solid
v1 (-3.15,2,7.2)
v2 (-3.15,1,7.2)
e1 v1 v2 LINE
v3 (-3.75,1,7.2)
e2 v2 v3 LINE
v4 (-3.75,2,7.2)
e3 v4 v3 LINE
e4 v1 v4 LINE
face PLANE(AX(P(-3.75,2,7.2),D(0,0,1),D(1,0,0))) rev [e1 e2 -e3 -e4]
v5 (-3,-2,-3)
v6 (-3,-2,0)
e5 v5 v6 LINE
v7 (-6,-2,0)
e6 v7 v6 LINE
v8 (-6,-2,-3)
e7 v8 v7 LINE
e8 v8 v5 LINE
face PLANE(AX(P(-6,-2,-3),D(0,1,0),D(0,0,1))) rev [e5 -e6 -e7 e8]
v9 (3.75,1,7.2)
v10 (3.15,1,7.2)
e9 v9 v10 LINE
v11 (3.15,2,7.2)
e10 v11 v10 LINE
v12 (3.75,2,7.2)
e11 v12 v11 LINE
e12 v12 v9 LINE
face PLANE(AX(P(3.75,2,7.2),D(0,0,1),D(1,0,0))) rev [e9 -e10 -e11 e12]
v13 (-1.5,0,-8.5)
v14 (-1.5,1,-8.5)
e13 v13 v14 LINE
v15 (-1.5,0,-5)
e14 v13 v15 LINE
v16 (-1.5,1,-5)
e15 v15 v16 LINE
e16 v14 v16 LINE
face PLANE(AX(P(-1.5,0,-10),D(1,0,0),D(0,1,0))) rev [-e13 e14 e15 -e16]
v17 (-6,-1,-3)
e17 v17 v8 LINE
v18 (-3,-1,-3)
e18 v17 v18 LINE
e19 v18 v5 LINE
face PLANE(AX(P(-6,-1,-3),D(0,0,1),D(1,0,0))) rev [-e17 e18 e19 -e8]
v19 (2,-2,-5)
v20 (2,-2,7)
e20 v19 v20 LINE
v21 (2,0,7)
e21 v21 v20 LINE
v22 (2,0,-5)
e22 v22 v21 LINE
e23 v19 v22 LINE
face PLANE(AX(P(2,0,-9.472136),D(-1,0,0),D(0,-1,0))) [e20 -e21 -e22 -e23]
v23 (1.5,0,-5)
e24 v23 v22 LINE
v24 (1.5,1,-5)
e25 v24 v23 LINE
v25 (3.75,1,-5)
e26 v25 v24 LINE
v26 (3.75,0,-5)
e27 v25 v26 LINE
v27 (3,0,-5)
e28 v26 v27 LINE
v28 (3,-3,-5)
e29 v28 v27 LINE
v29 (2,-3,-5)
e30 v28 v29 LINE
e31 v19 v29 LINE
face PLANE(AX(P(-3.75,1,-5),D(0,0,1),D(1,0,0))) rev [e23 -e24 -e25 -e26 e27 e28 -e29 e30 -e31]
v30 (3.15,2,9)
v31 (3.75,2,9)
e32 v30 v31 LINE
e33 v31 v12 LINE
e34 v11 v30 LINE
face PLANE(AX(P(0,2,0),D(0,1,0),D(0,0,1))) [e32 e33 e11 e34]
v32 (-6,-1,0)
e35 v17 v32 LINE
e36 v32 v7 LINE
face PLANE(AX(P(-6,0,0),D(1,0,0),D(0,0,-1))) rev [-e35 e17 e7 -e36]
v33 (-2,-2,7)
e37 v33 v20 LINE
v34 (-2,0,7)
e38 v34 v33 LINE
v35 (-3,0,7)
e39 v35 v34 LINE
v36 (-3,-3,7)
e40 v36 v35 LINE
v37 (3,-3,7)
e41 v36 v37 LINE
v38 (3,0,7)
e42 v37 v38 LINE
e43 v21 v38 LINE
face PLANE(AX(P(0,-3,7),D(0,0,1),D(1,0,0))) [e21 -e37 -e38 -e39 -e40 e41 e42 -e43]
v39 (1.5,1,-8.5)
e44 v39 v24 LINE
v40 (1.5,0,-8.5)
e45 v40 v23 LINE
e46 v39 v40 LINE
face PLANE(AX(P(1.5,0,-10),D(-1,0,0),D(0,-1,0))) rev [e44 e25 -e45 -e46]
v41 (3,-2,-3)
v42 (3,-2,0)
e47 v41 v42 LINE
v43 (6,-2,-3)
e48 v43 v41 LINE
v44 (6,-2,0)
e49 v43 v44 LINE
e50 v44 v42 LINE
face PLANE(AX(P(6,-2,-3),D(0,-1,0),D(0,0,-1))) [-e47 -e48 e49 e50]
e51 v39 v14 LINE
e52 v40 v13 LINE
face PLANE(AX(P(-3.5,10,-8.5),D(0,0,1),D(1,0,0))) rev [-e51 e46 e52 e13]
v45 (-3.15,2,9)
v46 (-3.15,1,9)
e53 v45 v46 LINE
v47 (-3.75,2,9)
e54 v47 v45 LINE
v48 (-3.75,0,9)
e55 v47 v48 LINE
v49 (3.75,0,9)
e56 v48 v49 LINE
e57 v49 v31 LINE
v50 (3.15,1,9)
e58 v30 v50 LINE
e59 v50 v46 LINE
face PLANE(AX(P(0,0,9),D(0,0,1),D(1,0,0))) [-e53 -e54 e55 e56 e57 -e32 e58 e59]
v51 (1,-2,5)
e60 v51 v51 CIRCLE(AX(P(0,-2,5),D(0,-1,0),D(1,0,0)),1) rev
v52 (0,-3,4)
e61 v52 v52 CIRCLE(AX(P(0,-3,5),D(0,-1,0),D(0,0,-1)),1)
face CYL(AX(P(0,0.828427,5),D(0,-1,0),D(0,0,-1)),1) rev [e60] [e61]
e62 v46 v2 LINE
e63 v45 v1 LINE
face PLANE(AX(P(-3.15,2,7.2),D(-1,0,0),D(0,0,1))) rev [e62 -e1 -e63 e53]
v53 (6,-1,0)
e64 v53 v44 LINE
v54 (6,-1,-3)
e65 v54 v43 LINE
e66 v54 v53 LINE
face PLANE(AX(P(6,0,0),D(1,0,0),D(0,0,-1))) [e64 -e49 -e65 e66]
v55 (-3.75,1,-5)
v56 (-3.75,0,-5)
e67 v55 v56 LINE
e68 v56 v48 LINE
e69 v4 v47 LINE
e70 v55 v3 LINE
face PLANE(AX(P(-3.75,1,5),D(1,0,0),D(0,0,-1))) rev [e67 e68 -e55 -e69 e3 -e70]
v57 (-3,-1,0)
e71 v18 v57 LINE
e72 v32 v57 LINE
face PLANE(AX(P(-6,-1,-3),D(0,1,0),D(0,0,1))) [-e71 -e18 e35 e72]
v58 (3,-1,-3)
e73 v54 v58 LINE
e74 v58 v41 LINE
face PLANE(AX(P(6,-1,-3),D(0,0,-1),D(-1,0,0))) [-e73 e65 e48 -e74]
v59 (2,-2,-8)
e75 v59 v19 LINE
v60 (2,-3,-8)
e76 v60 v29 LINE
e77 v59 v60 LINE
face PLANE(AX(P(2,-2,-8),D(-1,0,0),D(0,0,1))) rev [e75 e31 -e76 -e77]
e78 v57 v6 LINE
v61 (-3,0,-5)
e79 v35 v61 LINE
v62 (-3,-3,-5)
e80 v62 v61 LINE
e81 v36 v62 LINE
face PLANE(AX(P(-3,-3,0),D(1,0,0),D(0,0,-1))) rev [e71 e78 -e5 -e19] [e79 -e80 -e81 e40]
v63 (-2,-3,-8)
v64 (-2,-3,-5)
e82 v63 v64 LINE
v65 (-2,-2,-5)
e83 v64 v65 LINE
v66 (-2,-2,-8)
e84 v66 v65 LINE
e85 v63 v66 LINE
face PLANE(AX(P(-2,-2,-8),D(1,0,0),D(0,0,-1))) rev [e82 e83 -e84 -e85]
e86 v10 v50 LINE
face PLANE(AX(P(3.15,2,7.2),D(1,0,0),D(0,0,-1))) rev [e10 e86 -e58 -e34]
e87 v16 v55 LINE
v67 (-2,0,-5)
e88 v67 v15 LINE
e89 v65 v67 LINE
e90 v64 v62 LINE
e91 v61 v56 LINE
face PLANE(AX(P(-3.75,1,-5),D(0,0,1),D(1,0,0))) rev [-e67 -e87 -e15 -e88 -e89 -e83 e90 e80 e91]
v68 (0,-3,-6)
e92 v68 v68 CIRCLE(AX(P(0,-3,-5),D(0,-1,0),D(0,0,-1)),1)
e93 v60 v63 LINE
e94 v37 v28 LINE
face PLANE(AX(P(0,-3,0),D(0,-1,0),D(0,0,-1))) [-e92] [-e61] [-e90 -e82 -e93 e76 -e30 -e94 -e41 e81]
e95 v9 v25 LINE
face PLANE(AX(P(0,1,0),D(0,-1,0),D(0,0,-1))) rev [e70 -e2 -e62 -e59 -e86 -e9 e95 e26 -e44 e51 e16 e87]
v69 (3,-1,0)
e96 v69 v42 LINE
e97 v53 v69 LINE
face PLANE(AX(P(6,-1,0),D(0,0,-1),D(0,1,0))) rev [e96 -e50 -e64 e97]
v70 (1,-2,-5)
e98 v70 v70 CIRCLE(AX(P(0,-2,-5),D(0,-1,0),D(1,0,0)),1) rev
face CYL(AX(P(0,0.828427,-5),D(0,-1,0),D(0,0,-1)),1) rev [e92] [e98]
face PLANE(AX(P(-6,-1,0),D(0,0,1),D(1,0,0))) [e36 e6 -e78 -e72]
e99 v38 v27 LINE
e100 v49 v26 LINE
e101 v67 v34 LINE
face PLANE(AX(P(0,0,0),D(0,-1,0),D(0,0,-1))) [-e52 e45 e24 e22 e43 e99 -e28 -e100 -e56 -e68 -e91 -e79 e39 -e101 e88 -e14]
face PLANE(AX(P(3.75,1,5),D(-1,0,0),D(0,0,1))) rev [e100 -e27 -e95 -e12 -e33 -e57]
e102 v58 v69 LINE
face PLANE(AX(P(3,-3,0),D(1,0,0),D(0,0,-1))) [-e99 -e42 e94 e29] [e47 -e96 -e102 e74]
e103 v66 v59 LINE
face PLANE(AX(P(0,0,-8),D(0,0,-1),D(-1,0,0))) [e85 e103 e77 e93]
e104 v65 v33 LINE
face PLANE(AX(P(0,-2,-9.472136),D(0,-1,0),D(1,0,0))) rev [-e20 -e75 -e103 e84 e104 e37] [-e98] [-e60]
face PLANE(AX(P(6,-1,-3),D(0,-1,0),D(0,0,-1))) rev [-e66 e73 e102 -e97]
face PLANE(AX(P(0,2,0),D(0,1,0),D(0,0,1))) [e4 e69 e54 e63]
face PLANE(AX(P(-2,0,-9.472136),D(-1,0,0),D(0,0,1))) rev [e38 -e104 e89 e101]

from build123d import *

# Parameters (mm, degrees)
SKETCH1_W            = 7.5
SKETCH1_H            = 10
BOSS_EXTRUDE1_DEPTH  = 1
SKETCH10_W           = 7.5
SKETCH10_H           = 1
BOSS_EXTRUDE5_DEPTH  = 2
SKETCH56_W           = 7.5
SKETCH56_H           = 1
BOSS_EXTRUDE17_DEPTH = 2
SKETCH57_W           = 3
SKETCH57_H           = 1
BOSS_EXTRUDE18_DEPTH = 5
SKETCH58_W           = 1.5
SKETCH58_H           = 1
BOSS_EXTRUDE19_DEPTH = 2
SKETCH59_W           = 1.5
SKETCH59_H           = 1
BOSS_EXTRUDE20_DEPTH = 2
SKETCH60_W           = 1
SKETCH60_H           = 1.5
BOSS_EXTRUDE23_DEPTH = 1.5
SKETCH61_W           = 1
SKETCH61_H           = 0.75
CUT_EXTRUDE1_DEPTH   = 0.5
SKETCH62_W           = 6
SKETCH62_H           = 12
BOSS_EXTRUDE25_DEPTH = 3
SKETCH64_W           = 4
SKETCH64_H           = 2
CUT_EXTRUDE2_DEPTH   = 12
SKETCH65_W           = 4
SKETCH65_H           = 1
BOSS_EXTRUDE26_DEPTH = 3
SKETCH66_R           = 1
CUT_EXTRUDE3_DEPTH   = 1
SKETCH69_W           = 7
SKETCH69_H           = 1.5
CUT_EXTRUDE8_DEPTH   = 10
SKETCH70_W           = 0.6
SKETCH70_H           = 1.8
BOSS_EXTRUDE27_DEPTH = 1
SKETCH68_W           = 3
SKETCH68_H           = 1
BOSS_EXTRUDE28_DEPTH = 3
SKETCH67_W           = 3
SKETCH67_H           = 1
BOSS_EXTRUDE29_DEPTH = 3


with BuildPart() as part:
    # Sketch1 → Boss-Extrude1 (new body)
    with BuildSketch(Plane(origin=(0, 0, 0), x_dir=(1, 0, 0), z_dir=(0, 1, 0))):
        Rectangle(SKETCH1_W, SKETCH1_H)
    extrude(amount=BOSS_EXTRUDE1_DEPTH)

    # Sketch10 → Boss-Extrude5 (add)
    with BuildSketch(Plane.XY.offset(5)):
        with Locations((0, 0.5)):
            Rectangle(SKETCH10_W, SKETCH10_H)
    extrude(amount=BOSS_EXTRUDE5_DEPTH)

    # Sketch56 → Boss-Extrude17 (add)
    with BuildSketch(Plane.XY.offset(7)):
        with Locations((0, 0.5)):
            Rectangle(SKETCH56_W, SKETCH56_H)
    extrude(amount=BOSS_EXTRUDE17_DEPTH)

    # Sketch57 → Boss-Extrude18 (add)
    with BuildSketch(Plane(origin=(0, 0, -5), x_dir=(-1, 0, 0), z_dir=(0, 0, -1))):
        with Locations((0, 0.5)):
            Rectangle(SKETCH57_W, SKETCH57_H)
    extrude(amount=BOSS_EXTRUDE18_DEPTH)

    # Sketch58 → Boss-Extrude19 (add)
    with BuildSketch(Plane(origin=(1.5, 0, 0), x_dir=(0, 0, -1), z_dir=(1, 0, 0))):
        with Locations((9.25, 0.5)):
            Rectangle(SKETCH58_W, SKETCH58_H)
    extrude(amount=BOSS_EXTRUDE19_DEPTH)

    # Sketch59 → Boss-Extrude20 (add)
    with BuildSketch(Plane.ZY.offset(1.5)):
        with Locations((-9.25, 0.5)):
            Rectangle(SKETCH59_W, SKETCH59_H)
    extrude(amount=BOSS_EXTRUDE20_DEPTH)

    # Sketch60 → Boss-Extrude23 (add)
    with BuildSketch(Plane(origin=(0, 1, 0), x_dir=(1, 0, 0), z_dir=(0, 1, 0))):
        with Locations((3, 9.25)):
            Rectangle(SKETCH60_W, SKETCH60_H)
        with Locations((-3, 9.25)):
            Rectangle(SKETCH60_W, SKETCH60_H)
    extrude(amount=BOSS_EXTRUDE23_DEPTH)

    # Sketch61 → Cut-Extrude1 (cut)
    with BuildSketch(Plane(origin=(0, 2.5, 0), x_dir=(1, 0, 0), z_dir=(0, 1, 0))):
        with Locations((-3, 9.245443114)):
            Rectangle(SKETCH61_W, SKETCH61_H)
        with Locations((3, 9.245443114)):
            Rectangle(SKETCH61_W, SKETCH61_H)
    extrude(amount=-CUT_EXTRUDE1_DEPTH, mode=Mode.SUBTRACT)

    # Sketch62 → Boss-Extrude25 (add)
    with BuildSketch(Plane(origin=(0, 0, 0), x_dir=(-1, 0, 0), z_dir=(0, -1, 0))):
        with Locations((0, -1)):
            Rectangle(SKETCH62_W, SKETCH62_H)
    extrude(amount=BOSS_EXTRUDE25_DEPTH)

    # Sketch64 → Cut-Extrude2 (cut)
    with BuildSketch(Plane.XY.offset(7)):
        with Locations((0, -1)):
            Rectangle(SKETCH64_W, SKETCH64_H)
    extrude(amount=-CUT_EXTRUDE2_DEPTH, mode=Mode.SUBTRACT)

    # Sketch65 → Boss-Extrude26 (add)
    with BuildSketch(Plane(origin=(0, 0, -5), x_dir=(-1, 0, 0), z_dir=(0, 0, -1))):
        with Locations((0, -2.5)):
            Rectangle(SKETCH65_W, SKETCH65_H)
    extrude(amount=BOSS_EXTRUDE26_DEPTH)

    # Sketch66 → Cut-Extrude3 (cut)
    with BuildSketch(Plane(origin=(0, -3, 0), x_dir=(-1, 0, 0), z_dir=(0, -1, 0))):
        with Locations((0, -5)):
            Circle(SKETCH66_R)
        with Locations((0, 5)):
            Circle(SKETCH66_R)
    extrude(amount=-CUT_EXTRUDE3_DEPTH, mode=Mode.SUBTRACT)

    # Sketch69 → Cut-Extrude8 (cut)
    with BuildSketch(Plane.XZ):
        with Locations((0, -9.25)):
            Rectangle(SKETCH69_W, SKETCH69_H)
    extrude(amount=-CUT_EXTRUDE8_DEPTH, mode=Mode.SUBTRACT)

    # Sketch70 → Boss-Extrude27 (add)
    with BuildSketch(Plane(origin=(0, 1, 0), x_dir=(1, 0, 0), z_dir=(0, 1, 0))):
        with Locations((-3.45, -8.1)):
            Rectangle(SKETCH70_W, SKETCH70_H)
        with Locations((3.45, -8.1)):
            Rectangle(SKETCH70_W, SKETCH70_H)
    extrude(amount=BOSS_EXTRUDE27_DEPTH)

    # Sketch68 → Boss-Extrude28 (add)
    with BuildSketch(Plane(origin=(3, 0, 0), x_dir=(0, 0, -1), z_dir=(1, 0, 0))):
        with Locations((1.5, -1.5)):
            Rectangle(SKETCH68_W, SKETCH68_H)
    extrude(amount=BOSS_EXTRUDE28_DEPTH)

    # Sketch67 → Boss-Extrude29 (add)
    with BuildSketch(Plane.ZY.offset(3)):
        with Locations((-1.5, -1.5)):
            Rectangle(SKETCH67_W, SKETCH67_H)
    extrude(amount=BOSS_EXTRUDE29_DEPTH)


solid = part.part
